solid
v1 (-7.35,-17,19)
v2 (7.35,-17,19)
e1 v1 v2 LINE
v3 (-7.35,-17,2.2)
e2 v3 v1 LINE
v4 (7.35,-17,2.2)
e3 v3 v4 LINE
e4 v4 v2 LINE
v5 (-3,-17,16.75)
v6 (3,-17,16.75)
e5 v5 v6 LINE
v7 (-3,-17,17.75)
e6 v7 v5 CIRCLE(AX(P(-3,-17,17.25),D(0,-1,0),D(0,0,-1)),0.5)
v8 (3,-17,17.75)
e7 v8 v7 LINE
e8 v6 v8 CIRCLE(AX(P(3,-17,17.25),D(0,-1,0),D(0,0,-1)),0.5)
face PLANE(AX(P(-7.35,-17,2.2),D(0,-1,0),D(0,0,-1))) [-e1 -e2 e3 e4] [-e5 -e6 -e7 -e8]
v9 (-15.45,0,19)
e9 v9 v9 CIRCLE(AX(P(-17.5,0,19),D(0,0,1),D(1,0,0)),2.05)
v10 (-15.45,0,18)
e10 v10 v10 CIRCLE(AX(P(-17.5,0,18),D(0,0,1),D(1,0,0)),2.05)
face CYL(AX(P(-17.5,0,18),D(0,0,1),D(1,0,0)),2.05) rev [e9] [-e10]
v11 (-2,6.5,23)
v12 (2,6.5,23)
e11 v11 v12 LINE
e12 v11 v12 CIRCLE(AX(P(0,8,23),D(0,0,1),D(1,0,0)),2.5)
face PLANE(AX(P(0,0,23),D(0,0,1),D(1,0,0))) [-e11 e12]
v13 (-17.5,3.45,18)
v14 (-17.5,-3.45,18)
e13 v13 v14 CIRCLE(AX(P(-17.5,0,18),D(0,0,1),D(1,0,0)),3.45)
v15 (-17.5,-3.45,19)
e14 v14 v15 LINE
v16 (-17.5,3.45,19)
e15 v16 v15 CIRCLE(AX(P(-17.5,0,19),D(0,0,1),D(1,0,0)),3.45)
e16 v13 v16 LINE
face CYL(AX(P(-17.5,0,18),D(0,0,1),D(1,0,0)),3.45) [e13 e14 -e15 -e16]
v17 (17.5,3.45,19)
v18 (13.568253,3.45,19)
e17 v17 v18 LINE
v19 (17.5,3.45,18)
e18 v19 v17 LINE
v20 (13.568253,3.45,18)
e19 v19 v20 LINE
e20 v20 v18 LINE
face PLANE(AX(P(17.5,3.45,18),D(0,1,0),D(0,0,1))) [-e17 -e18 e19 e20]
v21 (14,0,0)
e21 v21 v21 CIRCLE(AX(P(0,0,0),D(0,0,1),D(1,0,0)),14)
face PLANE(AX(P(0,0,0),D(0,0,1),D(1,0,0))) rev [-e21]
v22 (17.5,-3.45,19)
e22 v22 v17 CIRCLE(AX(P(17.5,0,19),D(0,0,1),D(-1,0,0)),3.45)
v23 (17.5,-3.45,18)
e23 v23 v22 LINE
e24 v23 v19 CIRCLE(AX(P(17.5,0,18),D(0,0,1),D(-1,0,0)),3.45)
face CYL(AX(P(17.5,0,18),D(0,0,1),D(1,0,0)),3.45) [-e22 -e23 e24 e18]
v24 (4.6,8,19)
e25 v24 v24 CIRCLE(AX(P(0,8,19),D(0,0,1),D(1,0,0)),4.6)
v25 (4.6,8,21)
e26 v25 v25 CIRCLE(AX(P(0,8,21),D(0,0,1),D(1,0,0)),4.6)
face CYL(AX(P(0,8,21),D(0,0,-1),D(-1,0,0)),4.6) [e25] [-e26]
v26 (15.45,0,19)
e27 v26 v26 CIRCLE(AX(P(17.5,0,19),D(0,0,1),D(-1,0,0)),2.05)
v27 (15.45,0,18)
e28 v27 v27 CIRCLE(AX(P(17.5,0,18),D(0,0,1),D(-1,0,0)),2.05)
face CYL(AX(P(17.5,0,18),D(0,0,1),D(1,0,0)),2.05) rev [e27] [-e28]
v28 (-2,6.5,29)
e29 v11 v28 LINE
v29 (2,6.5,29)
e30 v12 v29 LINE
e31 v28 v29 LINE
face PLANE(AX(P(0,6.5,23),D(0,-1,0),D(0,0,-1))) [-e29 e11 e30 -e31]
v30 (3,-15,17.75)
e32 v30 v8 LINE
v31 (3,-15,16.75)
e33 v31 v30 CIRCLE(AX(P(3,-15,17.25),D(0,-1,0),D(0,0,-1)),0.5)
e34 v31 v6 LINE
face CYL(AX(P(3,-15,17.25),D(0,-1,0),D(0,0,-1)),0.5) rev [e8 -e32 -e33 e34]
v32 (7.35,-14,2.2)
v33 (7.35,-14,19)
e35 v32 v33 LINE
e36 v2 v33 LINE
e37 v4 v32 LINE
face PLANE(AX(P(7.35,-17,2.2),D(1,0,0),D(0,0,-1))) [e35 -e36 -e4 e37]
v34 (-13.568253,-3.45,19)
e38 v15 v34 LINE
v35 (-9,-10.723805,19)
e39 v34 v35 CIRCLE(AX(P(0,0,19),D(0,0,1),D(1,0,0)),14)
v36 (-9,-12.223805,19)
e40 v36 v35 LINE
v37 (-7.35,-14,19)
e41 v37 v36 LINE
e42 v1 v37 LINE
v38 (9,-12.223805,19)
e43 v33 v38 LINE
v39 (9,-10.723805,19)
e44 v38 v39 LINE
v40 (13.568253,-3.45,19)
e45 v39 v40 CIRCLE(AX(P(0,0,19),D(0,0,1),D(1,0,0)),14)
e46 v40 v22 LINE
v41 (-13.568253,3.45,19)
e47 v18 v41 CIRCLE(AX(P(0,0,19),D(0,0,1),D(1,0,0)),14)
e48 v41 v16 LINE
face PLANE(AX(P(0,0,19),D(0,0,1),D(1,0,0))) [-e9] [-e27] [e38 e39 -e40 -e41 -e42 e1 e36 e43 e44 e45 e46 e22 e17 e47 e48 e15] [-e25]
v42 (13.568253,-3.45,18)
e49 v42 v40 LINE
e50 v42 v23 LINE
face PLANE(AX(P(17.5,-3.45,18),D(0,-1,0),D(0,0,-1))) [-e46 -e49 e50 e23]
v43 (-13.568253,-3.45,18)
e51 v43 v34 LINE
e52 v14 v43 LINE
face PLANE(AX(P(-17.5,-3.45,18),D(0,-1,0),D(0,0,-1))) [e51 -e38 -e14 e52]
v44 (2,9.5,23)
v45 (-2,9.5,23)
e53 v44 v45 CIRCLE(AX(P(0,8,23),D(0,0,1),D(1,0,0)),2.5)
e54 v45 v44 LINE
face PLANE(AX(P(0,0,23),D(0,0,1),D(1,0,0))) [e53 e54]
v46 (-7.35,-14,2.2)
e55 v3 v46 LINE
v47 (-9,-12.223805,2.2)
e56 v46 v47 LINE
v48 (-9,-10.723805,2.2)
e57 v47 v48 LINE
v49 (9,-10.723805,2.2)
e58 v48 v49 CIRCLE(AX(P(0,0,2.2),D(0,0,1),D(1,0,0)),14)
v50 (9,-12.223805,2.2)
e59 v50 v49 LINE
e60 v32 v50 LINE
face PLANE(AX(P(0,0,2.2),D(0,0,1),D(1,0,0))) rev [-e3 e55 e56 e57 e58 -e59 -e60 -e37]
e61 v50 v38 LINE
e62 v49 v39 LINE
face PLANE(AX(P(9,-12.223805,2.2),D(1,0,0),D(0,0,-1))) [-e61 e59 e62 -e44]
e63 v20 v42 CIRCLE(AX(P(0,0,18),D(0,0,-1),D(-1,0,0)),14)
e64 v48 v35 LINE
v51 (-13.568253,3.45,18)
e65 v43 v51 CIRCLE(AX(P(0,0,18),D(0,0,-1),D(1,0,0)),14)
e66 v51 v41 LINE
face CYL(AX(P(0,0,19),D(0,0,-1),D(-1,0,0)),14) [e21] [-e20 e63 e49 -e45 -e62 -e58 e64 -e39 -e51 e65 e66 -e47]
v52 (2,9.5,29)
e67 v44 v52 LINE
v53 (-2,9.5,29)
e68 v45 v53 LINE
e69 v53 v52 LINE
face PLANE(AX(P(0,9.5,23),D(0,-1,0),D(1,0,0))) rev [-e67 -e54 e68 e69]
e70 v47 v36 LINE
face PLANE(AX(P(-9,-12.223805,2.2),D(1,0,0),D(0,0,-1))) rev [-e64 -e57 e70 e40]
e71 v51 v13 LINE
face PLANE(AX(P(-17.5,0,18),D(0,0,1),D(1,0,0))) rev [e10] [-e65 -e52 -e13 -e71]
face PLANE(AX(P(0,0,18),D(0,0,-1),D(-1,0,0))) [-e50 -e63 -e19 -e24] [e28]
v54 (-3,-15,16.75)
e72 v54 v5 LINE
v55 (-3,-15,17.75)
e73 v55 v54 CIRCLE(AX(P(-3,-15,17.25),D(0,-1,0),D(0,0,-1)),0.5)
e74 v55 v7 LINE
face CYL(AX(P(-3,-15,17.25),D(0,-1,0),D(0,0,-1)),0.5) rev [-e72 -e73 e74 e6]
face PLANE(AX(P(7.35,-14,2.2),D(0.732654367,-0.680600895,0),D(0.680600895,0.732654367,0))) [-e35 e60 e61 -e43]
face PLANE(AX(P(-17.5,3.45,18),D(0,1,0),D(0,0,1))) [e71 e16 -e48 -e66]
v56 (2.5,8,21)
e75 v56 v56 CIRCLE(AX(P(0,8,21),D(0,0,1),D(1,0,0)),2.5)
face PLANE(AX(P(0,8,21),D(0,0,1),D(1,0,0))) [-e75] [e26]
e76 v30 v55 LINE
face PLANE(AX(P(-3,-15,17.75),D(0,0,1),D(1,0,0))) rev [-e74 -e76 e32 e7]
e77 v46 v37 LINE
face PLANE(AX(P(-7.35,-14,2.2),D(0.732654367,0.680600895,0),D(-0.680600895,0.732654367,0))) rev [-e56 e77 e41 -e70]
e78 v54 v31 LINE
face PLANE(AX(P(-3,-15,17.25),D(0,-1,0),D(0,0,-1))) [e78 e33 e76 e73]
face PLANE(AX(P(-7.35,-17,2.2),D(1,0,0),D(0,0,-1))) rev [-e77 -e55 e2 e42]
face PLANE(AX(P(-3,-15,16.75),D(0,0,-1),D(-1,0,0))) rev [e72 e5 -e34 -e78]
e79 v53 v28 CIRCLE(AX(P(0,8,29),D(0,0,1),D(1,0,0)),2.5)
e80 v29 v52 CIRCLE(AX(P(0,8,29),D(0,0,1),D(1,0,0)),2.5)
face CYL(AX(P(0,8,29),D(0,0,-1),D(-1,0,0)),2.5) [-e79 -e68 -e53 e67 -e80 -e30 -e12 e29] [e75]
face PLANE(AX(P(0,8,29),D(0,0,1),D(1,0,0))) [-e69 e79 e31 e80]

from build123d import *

# Parameters (mm, degrees)
SKETCH1_R           = 14
BOSS_EXTRUDE1_DEPTH = 19
BOSS_EXTRUDE2_START = -16.8
BOSS_EXTRUDE2_DEPTH = 16.8
CUT_EXTRUDE1_DEPTH  = 2
BOSS_EXTRUDE3_START = -1
SKETCH5_R           = 2.05
BOSS_EXTRUDE3_DEPTH = 1
SKETCH6_R           = 4.6
BOSS_EXTRUDE4_DEPTH = 2
SKETCH7_R           = 2.5
BOSS_EXTRUDE5_DEPTH = 8
CUT_EXTRUDE2_START  = -6
CUT_EXTRUDE2_DEPTH  = 6


with BuildPart() as part:
    # Sketch1 → Boss-Extrude1 (new body)
    with BuildSketch(Plane.XY):
        Circle(SKETCH1_R)
    extrude(amount=BOSS_EXTRUDE1_DEPTH)

    # Sketch2 → Boss-Extrude2 (add)
    with BuildSketch(Plane.XY.offset(19).offset(BOSS_EXTRUDE2_START)):
        with BuildLine():
            Line((-7.35, -17), (7.35, -17))
            Line((7.35, -17), (7.35, -14))
            Line((7.35, -14), (9, -12.223805295))
            Line((9, -12.223805295), (9, -10.723805295))
            ThreePointArc((9, -10.723805295), (0, -14), (-9, -10.723805295))
            Line((-9, -10.723805295), (-9, -12.223805295))
            Line((-9, -12.223805295), (-7.35, -14))
            Line((-7.35, -14), (-7.35, -17))
        make_face()
    extrude(amount=BOSS_EXTRUDE2_DEPTH)

    # Sketch4 → Cut-Extrude1 (cut)
    with BuildSketch(Plane.XZ.offset(17)):
        with BuildLine():
            Line((-3, 17.75), (3, 17.75))
            ThreePointArc((3, 17.75), (3.5, 17.25), (3, 16.75))
            Line((3, 16.75), (-3, 16.75))
            ThreePointArc((-3, 16.75), (-3.5, 17.25), (-3, 17.75))
        make_face()
    extrude(amount=-CUT_EXTRUDE1_DEPTH, mode=Mode.SUBTRACT)

    # Sketch5 → Boss-Extrude3 (add)
    # profile 1 of 2: a face of its own
    with BuildSketch(Plane.XY.offset(19).offset(BOSS_EXTRUDE3_START)):
        with BuildLine():
            Line((-17.5, 3.45), (-13.568253388, 3.45))
            ThreePointArc((-13.568253388, 3.45), (-14, 0), (-13.568253388, -3.45))
            Line((-13.568253388, -3.45), (-17.5, -3.45))
            ThreePointArc((-17.5, -3.45), (-20.95, 0), (-17.5, 3.45))
        make_face()
        with Locations((-17.5, 0)):
            Circle(SKETCH5_R, mode=Mode.SUBTRACT)
    # profile 2 of 2: a face of its own
    with BuildSketch(Plane.XY.offset(19).offset(BOSS_EXTRUDE3_START)):
        with BuildLine():
            Line((17.5, -3.45), (13.568253388, -3.45))
            ThreePointArc((13.568253388, -3.45), (14, 0), (13.568253388, 3.45))
            Line((13.568253388, 3.45), (17.5, 3.45))
            ThreePointArc((17.5, 3.45), (20.95, 0), (17.5, -3.45))
        make_face()
        with Locations(Location((17.5, 0, 0), (0, 0, 180))):
            Circle(SKETCH5_R, mode=Mode.SUBTRACT)
    extrude(amount=BOSS_EXTRUDE3_DEPTH)

    # Sketch6 → Boss-Extrude4 (add)
    with BuildSketch(Plane.XY.offset(19)):
        with Locations((0, 8)):
            Circle(SKETCH6_R)
    extrude(amount=BOSS_EXTRUDE4_DEPTH)

    # Sketch7 → Boss-Extrude5 (add)
    with BuildSketch(Plane.XY.offset(21)):
        with Locations((0, 8)):
            Circle(SKETCH7_R)
    extrude(amount=BOSS_EXTRUDE5_DEPTH)

    # Sketch8 → Cut-Extrude2 (cut)
    with BuildSketch(Plane.XY.offset(29).offset(CUT_EXTRUDE2_START)):
        with BuildLine():
            ThreePointArc((2, 9.5), (0, 10.5), (-2, 9.5))
            Line((-2, 9.5), (2, 9.5))
        make_face()
        with BuildLine():
            Line((2, 6.5), (-2, 6.5))
            ThreePointArc((-2, 6.5), (0, 5.5), (2, 6.5))
        make_face()
    extrude(amount=CUT_EXTRUDE2_DEPTH, mode=Mode.SUBTRACT)


solid = part.part
